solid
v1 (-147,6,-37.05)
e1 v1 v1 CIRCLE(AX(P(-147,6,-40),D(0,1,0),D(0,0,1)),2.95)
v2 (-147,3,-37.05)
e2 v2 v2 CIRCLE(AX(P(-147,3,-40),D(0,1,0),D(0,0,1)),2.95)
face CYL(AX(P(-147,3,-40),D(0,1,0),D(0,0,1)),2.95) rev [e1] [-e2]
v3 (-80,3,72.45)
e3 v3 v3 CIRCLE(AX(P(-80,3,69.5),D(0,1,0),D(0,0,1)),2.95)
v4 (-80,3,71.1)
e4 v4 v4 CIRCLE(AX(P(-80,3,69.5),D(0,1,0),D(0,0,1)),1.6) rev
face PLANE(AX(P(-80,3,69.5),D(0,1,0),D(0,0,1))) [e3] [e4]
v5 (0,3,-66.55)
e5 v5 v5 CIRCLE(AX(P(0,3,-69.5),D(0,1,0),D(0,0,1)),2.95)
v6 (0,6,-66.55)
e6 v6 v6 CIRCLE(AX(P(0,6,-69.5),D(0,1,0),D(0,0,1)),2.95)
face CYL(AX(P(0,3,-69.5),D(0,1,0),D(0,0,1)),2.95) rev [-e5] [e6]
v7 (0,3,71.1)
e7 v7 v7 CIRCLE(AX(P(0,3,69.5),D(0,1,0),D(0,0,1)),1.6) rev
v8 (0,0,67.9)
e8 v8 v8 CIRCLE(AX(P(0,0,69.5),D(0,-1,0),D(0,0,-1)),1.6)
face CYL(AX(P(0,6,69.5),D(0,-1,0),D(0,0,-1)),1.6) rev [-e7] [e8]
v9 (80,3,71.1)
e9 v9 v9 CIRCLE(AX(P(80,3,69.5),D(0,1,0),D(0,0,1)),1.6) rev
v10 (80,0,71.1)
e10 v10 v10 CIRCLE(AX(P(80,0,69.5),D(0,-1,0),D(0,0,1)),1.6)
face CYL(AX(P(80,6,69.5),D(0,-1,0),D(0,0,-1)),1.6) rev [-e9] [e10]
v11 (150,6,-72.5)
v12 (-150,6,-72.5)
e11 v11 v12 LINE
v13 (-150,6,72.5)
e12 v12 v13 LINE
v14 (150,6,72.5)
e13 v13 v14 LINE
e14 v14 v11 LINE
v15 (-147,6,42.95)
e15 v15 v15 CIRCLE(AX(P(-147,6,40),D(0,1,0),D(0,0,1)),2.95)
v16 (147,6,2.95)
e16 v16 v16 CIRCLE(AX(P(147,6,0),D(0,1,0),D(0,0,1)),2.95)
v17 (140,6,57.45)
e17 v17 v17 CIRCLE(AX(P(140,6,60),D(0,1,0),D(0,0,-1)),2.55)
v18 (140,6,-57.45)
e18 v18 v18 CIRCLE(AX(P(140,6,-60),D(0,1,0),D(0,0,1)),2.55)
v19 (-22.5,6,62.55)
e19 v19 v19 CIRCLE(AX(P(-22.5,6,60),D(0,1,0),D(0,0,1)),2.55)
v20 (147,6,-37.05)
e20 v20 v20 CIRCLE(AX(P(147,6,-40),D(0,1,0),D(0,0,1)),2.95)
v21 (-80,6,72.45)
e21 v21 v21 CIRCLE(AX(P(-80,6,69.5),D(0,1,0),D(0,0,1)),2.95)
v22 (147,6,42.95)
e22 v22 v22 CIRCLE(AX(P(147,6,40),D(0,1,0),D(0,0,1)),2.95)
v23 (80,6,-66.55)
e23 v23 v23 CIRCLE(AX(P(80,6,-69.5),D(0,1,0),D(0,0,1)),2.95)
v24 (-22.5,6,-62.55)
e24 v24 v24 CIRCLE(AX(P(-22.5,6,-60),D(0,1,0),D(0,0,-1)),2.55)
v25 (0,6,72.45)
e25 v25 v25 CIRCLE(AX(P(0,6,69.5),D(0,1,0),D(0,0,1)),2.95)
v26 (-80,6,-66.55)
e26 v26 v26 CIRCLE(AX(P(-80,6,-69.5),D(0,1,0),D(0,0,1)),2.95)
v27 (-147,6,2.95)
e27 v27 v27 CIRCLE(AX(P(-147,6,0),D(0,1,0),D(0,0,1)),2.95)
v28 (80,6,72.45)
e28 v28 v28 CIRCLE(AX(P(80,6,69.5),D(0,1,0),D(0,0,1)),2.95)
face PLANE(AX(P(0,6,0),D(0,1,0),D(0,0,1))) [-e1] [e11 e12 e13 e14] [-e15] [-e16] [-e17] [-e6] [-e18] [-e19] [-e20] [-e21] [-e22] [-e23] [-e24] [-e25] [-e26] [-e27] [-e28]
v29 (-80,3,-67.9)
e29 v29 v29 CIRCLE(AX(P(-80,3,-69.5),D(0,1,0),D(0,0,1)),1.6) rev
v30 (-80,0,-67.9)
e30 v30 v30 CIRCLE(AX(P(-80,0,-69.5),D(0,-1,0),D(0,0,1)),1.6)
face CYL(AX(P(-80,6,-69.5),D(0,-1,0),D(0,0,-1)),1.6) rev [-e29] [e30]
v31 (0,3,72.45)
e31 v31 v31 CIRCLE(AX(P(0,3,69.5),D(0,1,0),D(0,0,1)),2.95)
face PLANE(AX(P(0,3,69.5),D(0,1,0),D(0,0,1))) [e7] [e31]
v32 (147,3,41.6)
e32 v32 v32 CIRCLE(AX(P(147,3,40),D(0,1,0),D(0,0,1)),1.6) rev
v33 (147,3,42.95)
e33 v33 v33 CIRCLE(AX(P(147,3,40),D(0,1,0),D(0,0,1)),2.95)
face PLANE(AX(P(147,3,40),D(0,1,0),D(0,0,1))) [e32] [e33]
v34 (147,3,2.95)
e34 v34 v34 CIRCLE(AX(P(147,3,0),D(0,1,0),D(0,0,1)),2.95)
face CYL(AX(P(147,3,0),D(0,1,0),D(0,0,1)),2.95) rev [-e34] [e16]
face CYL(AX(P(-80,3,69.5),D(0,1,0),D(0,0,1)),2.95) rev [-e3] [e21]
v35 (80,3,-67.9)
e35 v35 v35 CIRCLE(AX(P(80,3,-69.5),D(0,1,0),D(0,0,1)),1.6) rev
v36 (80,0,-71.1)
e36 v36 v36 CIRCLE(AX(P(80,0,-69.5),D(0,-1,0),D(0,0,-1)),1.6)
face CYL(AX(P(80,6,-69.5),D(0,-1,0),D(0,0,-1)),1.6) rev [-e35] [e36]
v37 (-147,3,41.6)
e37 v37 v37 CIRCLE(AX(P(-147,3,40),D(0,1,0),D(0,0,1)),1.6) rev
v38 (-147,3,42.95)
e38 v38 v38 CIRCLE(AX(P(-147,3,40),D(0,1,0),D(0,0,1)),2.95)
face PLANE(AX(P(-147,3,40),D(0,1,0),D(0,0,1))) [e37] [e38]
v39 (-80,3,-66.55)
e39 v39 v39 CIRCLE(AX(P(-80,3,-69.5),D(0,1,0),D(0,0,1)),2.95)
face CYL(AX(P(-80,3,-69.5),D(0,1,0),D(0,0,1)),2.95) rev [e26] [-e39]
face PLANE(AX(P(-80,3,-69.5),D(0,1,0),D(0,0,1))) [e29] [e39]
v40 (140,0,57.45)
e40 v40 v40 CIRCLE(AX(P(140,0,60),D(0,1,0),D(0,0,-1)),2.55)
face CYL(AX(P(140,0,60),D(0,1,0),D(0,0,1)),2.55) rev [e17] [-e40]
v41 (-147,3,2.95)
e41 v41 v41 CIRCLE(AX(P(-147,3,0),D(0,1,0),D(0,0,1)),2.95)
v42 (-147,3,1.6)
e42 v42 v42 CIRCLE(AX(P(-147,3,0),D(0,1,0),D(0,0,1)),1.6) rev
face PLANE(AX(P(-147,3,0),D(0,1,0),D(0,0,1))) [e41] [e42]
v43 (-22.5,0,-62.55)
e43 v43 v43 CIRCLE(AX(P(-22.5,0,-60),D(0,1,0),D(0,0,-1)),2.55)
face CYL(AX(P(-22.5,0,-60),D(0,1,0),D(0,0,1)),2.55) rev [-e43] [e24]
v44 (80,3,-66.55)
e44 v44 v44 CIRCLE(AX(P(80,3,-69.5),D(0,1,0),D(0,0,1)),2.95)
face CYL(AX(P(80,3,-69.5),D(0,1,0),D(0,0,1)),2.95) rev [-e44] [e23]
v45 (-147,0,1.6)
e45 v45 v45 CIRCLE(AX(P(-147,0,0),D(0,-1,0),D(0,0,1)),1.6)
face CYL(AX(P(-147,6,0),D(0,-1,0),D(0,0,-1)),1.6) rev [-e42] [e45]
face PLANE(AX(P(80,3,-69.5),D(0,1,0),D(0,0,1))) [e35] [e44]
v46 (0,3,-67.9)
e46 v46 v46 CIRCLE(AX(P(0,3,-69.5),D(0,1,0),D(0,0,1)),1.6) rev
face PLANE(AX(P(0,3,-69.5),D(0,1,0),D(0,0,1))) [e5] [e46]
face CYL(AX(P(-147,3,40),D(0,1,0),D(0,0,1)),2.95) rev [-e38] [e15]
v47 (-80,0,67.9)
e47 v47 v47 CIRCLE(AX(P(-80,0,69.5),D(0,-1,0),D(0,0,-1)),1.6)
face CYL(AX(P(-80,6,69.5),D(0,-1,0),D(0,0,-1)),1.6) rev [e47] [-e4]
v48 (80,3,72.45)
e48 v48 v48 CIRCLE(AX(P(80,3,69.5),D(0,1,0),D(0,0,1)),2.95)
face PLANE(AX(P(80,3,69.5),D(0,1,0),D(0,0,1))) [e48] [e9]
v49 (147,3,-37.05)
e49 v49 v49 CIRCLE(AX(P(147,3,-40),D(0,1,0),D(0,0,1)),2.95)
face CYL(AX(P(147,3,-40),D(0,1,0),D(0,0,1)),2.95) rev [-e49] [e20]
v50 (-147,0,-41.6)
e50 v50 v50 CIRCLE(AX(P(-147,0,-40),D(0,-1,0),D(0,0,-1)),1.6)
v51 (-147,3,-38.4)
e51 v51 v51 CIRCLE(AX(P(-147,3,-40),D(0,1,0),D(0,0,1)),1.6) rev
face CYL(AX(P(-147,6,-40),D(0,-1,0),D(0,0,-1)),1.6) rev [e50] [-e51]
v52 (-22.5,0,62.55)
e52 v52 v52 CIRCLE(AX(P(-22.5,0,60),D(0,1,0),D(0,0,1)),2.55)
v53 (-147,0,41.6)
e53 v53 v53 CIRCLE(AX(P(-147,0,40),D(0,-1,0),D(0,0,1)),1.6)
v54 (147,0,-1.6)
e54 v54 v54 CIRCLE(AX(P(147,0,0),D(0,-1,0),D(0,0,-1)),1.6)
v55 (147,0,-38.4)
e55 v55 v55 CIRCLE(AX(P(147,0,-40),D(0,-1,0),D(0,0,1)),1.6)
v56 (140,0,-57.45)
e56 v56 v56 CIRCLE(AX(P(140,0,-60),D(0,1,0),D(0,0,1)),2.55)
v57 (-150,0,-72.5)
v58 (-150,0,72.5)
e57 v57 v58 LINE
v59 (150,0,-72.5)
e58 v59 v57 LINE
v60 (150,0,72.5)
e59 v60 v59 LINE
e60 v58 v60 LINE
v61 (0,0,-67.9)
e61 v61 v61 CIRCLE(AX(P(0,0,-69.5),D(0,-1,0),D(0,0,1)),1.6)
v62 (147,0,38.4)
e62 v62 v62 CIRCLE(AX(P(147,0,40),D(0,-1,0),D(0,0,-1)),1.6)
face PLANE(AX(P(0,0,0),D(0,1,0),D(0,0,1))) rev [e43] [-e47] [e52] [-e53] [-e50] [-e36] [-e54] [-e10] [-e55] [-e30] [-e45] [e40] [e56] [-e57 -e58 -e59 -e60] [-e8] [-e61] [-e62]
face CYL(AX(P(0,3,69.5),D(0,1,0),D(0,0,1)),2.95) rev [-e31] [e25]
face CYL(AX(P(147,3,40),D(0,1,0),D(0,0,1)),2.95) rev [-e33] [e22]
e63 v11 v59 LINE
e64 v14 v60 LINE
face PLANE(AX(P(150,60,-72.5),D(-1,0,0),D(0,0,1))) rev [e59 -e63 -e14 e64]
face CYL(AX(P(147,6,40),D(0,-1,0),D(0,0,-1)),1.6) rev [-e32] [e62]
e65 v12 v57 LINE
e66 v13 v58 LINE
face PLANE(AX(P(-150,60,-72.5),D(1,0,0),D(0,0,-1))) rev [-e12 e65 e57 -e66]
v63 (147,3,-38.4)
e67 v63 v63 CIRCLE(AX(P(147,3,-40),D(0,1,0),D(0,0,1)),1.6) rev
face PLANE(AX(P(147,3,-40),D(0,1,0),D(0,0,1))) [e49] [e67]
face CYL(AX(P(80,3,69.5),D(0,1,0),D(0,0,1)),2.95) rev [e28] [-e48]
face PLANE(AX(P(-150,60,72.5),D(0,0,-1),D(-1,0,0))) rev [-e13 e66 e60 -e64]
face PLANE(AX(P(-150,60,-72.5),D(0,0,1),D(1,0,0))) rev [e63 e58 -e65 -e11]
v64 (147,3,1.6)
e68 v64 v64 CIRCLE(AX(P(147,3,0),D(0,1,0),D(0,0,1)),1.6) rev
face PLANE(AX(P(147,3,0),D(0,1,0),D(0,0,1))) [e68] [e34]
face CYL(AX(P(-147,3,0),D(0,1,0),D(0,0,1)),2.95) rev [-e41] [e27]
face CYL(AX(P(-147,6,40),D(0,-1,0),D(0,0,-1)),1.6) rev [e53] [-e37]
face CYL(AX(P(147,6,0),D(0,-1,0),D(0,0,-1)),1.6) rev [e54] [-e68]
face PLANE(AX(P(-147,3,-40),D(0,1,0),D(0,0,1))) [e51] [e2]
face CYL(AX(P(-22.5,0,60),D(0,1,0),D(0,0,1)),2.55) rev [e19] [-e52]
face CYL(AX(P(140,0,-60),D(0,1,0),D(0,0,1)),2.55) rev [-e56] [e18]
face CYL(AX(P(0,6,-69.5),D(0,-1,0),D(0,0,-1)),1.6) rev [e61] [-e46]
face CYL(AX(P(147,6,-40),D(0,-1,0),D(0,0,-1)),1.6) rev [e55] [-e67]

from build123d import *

# Parameters (mm, degrees)
SKETCH_1_W          = 300
SKETCH_1_H          = 145
EXTRUDE_1_DEPTH     = 60
SHELL_1_T           = -6
SKETCH_2_R          = 2.55
CUT_EXTRUDE_1_DEPTH = 176.134947969
SKETCH_3_W          = 300
SKETCH_3_H          = 145
CUT_EXTRUDE_2_DEPTH = 176.134947969
SKETCH_4_R          = 1.6
CUT_EXTRUDE_3_DEPTH = 167.71007768
SKETCH_5_R          = 2.95
CUT_EXTRUDE_5_DEPTH = 3


with BuildPart() as part:
    # ｽｹｯﾁ1 → ﾎﾞｽ - 押し出し1 (new body)
    with BuildSketch(Plane(origin=(0, 0, 0), x_dir=(1, 0, 0), z_dir=(0, 1, 0))):
        Rectangle(SKETCH_1_W, SKETCH_1_H)
    extrude(amount=EXTRUDE_1_DEPTH)

    # ｼｪﾙ1
    shell_1_openings = [part.faces().sort_by_distance(p)[0] for p in [
        (0, 60, 0),
    ]]
    offset(amount=SHELL_1_T, openings=shell_1_openings, kind=Kind.INTERSECTION)

    # ｽｹｯﾁ2 → ｶｯﾄ - 押し出し1 (cut, through all)
    with BuildSketch(Plane(origin=(0, 6, 0), x_dir=(1, 0, 0), z_dir=(0, 1, 0))):
        with Locations(Location((140, 60, 0), (0, 0, 270))):
            Circle(SKETCH_2_R)
        with Locations(Location((140, -60, 0), (0, 0, 90))):
            Circle(SKETCH_2_R)
        with Locations(Location((-22.5, -60, 0), (0, 0, 270))):
            Circle(SKETCH_2_R)
        with Locations(Location((-22.5, 60, 0), (0, 0, 90))):
            Circle(SKETCH_2_R)
    extrude(amount=-CUT_EXTRUDE_1_DEPTH, mode=Mode.SUBTRACT)

    # ｽｹｯﾁ3 → ｶｯﾄ - 押し出し2 (cut, through all)
    with BuildSketch(Plane(origin=(0, 6, 0), x_dir=(1, 0, 0), z_dir=(0, 1, 0))):
        Rectangle(SKETCH_3_W, SKETCH_3_H)
    extrude(amount=CUT_EXTRUDE_2_DEPTH, mode=Mode.SUBTRACT)

    # ｽｹｯﾁ4 → ｶｯﾄ - 押し出し3 (cut, through all)
    with BuildSketch(Plane.XZ):
        with Locations(Location((147, 0, 0), (0, 0, 270))):
            Circle(SKETCH_4_R)
        with Locations(Location((147, 40, 0), (0, 0, 270))):
            Circle(SKETCH_4_R)
        with Locations(Location((147, -40, 0), (0, 0, 90))):
            Circle(SKETCH_4_R)
        with Locations(Location((-147, -40, 0), (0, 0, 270))):
            Circle(SKETCH_4_R)
        with Locations(Location((-147, 0, 0), (0, 0, 90))):
            Circle(SKETCH_4_R)
        with Locations(Location((-147, 40, 0), (0, 0, 90))):
            Circle(SKETCH_4_R)
        with Locations(Location((0, 69.5, 0), (0, 0, 270))):
            Circle(SKETCH_4_R)
        with Locations(Location((-80, 69.5, 0), (0, 0, 270))):
            Circle(SKETCH_4_R)
        with Locations(Location((80, 69.5, 0), (0, 0, 90))):
            Circle(SKETCH_4_R)
        with Locations(Location((80, -69.5, 0), (0, 0, 270))):
            Circle(SKETCH_4_R)
        with Locations(Location((0, -69.5, 0), (0, 0, 90))):
            Circle(SKETCH_4_R)
        with Locations(Location((-80, -69.5, 0), (0, 0, 90))):
            Circle(SKETCH_4_R)
    extrude(amount=-CUT_EXTRUDE_3_DEPTH, mode=Mode.SUBTRACT)

    # ｽｹｯﾁ5 → ｶｯﾄ - 押し出し5 (cut)
    with BuildSketch(Plane(origin=(0, 6, 0), x_dir=(1, 0, 0), z_dir=(0, 1, 0))):
        with Locations(Location((147, -40, 0), (0, 0, 270))):
            Circle(SKETCH_5_R)
        with Locations(Location((147, 0, 0), (0, 0, 270))):
            Circle(SKETCH_5_R)
        with Locations(Location((147, 40, 0), (0, 0, 270))):
            Circle(SKETCH_5_R)
        with Locations(Location((80, 69.5, 0), (0, 0, 270))):
            Circle(SKETCH_5_R)
        with Locations(Location((0, 69.5, 0), (0, 0, 270))):
            Circle(SKETCH_5_R)
        with Locations(Location((-80, 69.5, 0), (0, 0, 270))):
            Circle(SKETCH_5_R)
        with Locations(Location((-147, 40, 0), (0, 0, 270))):
            Circle(SKETCH_5_R)
        with Locations(Location((-147, 0, 0), (0, 0, 270))):
            Circle(SKETCH_5_R)
        with Locations(Location((-147, -40, 0), (0, 0, 270))):
            Circle(SKETCH_5_R)
        with Locations(Location((80, -69.5, 0), (0, 0, 270))):
            Circle(SKETCH_5_R)
        with Locations(Location((0, -69.5, 0), (0, 0, 270))):
            Circle(SKETCH_5_R)
        with Locations(Location((-80, -69.5, 0), (0, 0, 270))):
            Circle(SKETCH_5_R)
    extrude(amount=-CUT_EXTRUDE_5_DEPTH, mode=Mode.SUBTRACT)


solid = part.part
